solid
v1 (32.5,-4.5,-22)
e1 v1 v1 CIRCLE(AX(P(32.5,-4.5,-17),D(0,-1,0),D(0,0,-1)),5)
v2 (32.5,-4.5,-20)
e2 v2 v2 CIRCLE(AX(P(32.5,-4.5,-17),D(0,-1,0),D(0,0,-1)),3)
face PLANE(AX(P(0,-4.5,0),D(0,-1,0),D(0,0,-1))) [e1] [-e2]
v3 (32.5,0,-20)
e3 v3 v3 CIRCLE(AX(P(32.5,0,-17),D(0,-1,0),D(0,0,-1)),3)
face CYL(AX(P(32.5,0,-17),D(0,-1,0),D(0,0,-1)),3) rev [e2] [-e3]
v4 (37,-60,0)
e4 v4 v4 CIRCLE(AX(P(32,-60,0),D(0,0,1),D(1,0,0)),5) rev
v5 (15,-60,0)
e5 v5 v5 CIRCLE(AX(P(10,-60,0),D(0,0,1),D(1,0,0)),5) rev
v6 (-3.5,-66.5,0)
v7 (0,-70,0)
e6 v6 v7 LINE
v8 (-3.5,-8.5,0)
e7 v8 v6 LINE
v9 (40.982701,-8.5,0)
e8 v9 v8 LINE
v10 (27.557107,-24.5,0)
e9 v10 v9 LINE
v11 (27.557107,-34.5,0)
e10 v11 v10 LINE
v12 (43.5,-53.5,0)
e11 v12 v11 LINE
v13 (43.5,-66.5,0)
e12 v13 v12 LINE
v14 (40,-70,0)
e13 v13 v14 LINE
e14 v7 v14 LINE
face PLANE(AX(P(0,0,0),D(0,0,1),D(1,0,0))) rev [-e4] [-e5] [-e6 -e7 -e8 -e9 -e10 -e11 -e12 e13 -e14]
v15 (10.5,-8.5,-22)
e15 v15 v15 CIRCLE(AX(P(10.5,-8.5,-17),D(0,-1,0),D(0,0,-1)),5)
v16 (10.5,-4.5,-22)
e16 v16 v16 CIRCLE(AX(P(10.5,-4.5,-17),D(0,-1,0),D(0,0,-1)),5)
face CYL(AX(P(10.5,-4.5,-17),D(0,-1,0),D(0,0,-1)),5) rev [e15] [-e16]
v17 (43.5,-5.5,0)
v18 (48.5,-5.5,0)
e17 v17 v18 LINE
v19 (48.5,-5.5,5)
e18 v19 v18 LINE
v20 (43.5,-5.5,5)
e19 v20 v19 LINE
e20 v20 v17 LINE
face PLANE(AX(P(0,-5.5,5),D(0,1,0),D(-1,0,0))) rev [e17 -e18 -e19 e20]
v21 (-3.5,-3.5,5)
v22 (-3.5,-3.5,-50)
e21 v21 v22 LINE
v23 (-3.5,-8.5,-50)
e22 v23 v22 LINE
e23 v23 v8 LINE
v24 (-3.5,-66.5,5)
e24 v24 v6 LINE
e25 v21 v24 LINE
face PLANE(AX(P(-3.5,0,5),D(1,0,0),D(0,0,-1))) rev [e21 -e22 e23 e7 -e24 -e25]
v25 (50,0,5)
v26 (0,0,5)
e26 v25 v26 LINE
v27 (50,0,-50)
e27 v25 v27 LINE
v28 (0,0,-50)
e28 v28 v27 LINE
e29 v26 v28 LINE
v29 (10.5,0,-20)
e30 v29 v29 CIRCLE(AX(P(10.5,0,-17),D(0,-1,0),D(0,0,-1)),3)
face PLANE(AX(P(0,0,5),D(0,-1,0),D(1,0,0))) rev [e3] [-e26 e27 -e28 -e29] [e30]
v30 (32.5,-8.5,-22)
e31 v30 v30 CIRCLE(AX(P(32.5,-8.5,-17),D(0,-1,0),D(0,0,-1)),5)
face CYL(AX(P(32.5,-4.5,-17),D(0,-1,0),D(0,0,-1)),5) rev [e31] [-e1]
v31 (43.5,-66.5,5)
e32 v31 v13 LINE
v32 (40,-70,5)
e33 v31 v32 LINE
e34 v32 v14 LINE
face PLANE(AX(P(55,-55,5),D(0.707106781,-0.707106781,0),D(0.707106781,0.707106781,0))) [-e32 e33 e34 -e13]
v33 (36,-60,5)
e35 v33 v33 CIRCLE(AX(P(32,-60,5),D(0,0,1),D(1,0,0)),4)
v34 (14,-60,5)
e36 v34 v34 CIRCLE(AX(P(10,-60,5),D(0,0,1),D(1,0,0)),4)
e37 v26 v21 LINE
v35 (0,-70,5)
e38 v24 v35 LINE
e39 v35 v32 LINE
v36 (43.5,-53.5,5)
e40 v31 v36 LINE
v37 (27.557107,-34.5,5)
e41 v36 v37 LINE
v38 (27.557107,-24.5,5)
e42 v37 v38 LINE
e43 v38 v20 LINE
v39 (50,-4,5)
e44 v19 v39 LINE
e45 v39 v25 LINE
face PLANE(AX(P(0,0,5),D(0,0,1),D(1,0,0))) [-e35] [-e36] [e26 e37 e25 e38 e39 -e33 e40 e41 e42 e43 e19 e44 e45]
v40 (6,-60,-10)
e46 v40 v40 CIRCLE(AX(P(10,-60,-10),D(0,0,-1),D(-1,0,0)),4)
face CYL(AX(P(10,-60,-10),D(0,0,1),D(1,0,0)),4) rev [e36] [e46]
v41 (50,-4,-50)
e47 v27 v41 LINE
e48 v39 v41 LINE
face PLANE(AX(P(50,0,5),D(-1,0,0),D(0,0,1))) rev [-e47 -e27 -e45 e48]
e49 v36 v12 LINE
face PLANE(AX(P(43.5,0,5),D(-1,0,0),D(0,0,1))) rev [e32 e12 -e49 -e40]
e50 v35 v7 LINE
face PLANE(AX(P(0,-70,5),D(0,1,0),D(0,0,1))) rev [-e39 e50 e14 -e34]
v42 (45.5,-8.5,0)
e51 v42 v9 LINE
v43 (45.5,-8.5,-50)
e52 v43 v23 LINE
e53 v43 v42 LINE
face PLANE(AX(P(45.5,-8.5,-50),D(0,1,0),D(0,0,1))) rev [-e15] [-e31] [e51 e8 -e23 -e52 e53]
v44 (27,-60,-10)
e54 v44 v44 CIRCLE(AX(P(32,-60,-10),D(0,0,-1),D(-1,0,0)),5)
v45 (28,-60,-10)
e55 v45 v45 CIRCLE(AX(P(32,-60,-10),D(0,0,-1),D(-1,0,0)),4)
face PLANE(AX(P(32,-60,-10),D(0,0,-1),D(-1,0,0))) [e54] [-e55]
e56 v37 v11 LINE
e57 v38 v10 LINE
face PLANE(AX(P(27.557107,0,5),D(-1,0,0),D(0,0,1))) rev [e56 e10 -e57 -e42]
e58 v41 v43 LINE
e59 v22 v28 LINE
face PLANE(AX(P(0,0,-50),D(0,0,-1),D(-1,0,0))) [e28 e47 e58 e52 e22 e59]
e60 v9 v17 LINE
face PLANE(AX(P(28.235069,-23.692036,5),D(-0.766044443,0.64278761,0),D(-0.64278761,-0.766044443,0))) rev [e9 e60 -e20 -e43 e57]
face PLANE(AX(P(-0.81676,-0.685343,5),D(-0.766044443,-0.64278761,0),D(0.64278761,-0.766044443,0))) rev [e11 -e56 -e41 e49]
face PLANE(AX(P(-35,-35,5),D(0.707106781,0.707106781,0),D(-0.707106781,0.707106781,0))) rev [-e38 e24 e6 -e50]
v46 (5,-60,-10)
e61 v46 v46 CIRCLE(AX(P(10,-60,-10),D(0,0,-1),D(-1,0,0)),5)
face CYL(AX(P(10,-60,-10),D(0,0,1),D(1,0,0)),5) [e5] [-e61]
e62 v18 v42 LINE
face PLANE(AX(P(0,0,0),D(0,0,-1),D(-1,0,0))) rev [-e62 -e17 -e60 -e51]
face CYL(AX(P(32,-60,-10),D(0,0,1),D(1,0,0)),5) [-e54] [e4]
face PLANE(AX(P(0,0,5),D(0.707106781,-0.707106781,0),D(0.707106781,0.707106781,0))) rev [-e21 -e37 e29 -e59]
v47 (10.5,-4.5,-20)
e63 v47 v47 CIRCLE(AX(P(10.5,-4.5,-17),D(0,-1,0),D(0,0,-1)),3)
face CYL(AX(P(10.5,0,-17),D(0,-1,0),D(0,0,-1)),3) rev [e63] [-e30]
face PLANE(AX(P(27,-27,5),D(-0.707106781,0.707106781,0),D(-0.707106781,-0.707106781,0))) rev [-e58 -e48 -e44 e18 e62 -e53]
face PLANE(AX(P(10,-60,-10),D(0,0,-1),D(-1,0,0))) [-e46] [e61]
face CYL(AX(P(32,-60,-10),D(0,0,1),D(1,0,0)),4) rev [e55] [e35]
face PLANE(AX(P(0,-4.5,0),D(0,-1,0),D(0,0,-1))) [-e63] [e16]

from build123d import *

# Parameters (mm, degrees)
BOSS_EXTRUDE1_DEPTH     = 5
BOSS_EXTRUDE2_DEPTH     = 50
SKETCH5_R               = 3
CUT_EXTRUDE1_DEPTH      = 94.713659623
SKETCH6_R               = 5
SKETCH6_R_2             = 4
BOSS_EXTRUDE3_DEPTH     = 10
SKETCH5_3_R             = 5
SKETCH5_3_R_2           = 3
CUT_EXTRUDE2_DEPTH      = 4
ESQUISSE1_R             = 4
ENL_V_MAT_EXTRU_1_DEPTH = 100.498743711


with BuildPart() as part:
    # Sketch1 → Boss-Extrude1 (new body)
    with BuildSketch(Plane.XY):
        Polygon((40, -70), (43.5, -66.5), (43.5, -53.5), (27.557107008, -34.5), (27.557107008, -24.5), (43.5, -5.5), (48.5, -5.5), (50, -4), (50, 0), (0, 0), (-3.5, -3.5), (-3.5, -66.5), (0, -70), align=None)
    extrude(amount=BOSS_EXTRUDE1_DEPTH)

    # Sketch4 → Boss-Extrude2 (add)
    with BuildSketch(Plane(origin=(0, 0, 0), x_dir=(-1, 0, 0), z_dir=(0, 0, -1))):
        Polygon((-50, 0), (-50, -4), (-45.5, -8.5), (3.5, -8.5), (3.5, -3.5), (0, 0), align=None)
    extrude(amount=BOSS_EXTRUDE2_DEPTH)

    # Sketch5 → Cut-Extrude1 (cut, through all)
    with BuildSketch(Plane.XZ.offset(8.5)):
        with Locations((32.5, -17)):
            Circle(SKETCH5_R)
        with Locations((10.5, -17)):
            Circle(SKETCH5_R)
    extrude(amount=-CUT_EXTRUDE1_DEPTH, mode=Mode.SUBTRACT)

    # Sketch6 → Boss-Extrude3 (add)
    # profile 1 of 2: a face of its own
    with BuildSketch(Plane(origin=(0, 0, 0), x_dir=(-1, 0, 0), z_dir=(0, 0, -1))):
        with Locations((-10, -60)):
            Circle(SKETCH6_R)
        with Locations((-10, -60)):
            Circle(SKETCH6_R_2, mode=Mode.SUBTRACT)
    # profile 2 of 2: a face of its own
    with BuildSketch(Plane(origin=(0, 0, 0), x_dir=(-1, 0, 0), z_dir=(0, 0, -1))):
        with Locations((-32, -60)):
            Circle(SKETCH6_R)
        with Locations((-32, -60)):
            Circle(SKETCH6_R_2, mode=Mode.SUBTRACT)
    extrude(amount=BOSS_EXTRUDE3_DEPTH)

    # Sketch5<3> → Cut-Extrude2 (cut)
    # profile 1 of 2: a face of its own
    with BuildSketch(Plane.XZ.offset(8.5)):
        with Locations((10.5, -17)):
            Circle(SKETCH5_3_R)
        with Locations((10.5, -17)):
            Circle(SKETCH5_3_R_2, mode=Mode.SUBTRACT)
    # profile 2 of 2: a face of its own
    with BuildSketch(Plane.XZ.offset(8.5)):
        with Locations((32.5, -17)):
            Circle(SKETCH5_3_R)
        with Locations((32.5, -17)):
            Circle(SKETCH5_3_R_2, mode=Mode.SUBTRACT)
    extrude(amount=-CUT_EXTRUDE2_DEPTH, mode=Mode.SUBTRACT)

    # Esquisse1 → Enlèv. mat.-Extru.1 (cut, through all)
    with BuildSketch(Plane.XY):
        with Locations((10, -60)):
            Circle(ESQUISSE1_R)
        with Locations((32, -60)):
            Circle(ESQUISSE1_R)
    extrude(amount=ENL_V_MAT_EXTRU_1_DEPTH, mode=Mode.SUBTRACT)


solid = part.part
